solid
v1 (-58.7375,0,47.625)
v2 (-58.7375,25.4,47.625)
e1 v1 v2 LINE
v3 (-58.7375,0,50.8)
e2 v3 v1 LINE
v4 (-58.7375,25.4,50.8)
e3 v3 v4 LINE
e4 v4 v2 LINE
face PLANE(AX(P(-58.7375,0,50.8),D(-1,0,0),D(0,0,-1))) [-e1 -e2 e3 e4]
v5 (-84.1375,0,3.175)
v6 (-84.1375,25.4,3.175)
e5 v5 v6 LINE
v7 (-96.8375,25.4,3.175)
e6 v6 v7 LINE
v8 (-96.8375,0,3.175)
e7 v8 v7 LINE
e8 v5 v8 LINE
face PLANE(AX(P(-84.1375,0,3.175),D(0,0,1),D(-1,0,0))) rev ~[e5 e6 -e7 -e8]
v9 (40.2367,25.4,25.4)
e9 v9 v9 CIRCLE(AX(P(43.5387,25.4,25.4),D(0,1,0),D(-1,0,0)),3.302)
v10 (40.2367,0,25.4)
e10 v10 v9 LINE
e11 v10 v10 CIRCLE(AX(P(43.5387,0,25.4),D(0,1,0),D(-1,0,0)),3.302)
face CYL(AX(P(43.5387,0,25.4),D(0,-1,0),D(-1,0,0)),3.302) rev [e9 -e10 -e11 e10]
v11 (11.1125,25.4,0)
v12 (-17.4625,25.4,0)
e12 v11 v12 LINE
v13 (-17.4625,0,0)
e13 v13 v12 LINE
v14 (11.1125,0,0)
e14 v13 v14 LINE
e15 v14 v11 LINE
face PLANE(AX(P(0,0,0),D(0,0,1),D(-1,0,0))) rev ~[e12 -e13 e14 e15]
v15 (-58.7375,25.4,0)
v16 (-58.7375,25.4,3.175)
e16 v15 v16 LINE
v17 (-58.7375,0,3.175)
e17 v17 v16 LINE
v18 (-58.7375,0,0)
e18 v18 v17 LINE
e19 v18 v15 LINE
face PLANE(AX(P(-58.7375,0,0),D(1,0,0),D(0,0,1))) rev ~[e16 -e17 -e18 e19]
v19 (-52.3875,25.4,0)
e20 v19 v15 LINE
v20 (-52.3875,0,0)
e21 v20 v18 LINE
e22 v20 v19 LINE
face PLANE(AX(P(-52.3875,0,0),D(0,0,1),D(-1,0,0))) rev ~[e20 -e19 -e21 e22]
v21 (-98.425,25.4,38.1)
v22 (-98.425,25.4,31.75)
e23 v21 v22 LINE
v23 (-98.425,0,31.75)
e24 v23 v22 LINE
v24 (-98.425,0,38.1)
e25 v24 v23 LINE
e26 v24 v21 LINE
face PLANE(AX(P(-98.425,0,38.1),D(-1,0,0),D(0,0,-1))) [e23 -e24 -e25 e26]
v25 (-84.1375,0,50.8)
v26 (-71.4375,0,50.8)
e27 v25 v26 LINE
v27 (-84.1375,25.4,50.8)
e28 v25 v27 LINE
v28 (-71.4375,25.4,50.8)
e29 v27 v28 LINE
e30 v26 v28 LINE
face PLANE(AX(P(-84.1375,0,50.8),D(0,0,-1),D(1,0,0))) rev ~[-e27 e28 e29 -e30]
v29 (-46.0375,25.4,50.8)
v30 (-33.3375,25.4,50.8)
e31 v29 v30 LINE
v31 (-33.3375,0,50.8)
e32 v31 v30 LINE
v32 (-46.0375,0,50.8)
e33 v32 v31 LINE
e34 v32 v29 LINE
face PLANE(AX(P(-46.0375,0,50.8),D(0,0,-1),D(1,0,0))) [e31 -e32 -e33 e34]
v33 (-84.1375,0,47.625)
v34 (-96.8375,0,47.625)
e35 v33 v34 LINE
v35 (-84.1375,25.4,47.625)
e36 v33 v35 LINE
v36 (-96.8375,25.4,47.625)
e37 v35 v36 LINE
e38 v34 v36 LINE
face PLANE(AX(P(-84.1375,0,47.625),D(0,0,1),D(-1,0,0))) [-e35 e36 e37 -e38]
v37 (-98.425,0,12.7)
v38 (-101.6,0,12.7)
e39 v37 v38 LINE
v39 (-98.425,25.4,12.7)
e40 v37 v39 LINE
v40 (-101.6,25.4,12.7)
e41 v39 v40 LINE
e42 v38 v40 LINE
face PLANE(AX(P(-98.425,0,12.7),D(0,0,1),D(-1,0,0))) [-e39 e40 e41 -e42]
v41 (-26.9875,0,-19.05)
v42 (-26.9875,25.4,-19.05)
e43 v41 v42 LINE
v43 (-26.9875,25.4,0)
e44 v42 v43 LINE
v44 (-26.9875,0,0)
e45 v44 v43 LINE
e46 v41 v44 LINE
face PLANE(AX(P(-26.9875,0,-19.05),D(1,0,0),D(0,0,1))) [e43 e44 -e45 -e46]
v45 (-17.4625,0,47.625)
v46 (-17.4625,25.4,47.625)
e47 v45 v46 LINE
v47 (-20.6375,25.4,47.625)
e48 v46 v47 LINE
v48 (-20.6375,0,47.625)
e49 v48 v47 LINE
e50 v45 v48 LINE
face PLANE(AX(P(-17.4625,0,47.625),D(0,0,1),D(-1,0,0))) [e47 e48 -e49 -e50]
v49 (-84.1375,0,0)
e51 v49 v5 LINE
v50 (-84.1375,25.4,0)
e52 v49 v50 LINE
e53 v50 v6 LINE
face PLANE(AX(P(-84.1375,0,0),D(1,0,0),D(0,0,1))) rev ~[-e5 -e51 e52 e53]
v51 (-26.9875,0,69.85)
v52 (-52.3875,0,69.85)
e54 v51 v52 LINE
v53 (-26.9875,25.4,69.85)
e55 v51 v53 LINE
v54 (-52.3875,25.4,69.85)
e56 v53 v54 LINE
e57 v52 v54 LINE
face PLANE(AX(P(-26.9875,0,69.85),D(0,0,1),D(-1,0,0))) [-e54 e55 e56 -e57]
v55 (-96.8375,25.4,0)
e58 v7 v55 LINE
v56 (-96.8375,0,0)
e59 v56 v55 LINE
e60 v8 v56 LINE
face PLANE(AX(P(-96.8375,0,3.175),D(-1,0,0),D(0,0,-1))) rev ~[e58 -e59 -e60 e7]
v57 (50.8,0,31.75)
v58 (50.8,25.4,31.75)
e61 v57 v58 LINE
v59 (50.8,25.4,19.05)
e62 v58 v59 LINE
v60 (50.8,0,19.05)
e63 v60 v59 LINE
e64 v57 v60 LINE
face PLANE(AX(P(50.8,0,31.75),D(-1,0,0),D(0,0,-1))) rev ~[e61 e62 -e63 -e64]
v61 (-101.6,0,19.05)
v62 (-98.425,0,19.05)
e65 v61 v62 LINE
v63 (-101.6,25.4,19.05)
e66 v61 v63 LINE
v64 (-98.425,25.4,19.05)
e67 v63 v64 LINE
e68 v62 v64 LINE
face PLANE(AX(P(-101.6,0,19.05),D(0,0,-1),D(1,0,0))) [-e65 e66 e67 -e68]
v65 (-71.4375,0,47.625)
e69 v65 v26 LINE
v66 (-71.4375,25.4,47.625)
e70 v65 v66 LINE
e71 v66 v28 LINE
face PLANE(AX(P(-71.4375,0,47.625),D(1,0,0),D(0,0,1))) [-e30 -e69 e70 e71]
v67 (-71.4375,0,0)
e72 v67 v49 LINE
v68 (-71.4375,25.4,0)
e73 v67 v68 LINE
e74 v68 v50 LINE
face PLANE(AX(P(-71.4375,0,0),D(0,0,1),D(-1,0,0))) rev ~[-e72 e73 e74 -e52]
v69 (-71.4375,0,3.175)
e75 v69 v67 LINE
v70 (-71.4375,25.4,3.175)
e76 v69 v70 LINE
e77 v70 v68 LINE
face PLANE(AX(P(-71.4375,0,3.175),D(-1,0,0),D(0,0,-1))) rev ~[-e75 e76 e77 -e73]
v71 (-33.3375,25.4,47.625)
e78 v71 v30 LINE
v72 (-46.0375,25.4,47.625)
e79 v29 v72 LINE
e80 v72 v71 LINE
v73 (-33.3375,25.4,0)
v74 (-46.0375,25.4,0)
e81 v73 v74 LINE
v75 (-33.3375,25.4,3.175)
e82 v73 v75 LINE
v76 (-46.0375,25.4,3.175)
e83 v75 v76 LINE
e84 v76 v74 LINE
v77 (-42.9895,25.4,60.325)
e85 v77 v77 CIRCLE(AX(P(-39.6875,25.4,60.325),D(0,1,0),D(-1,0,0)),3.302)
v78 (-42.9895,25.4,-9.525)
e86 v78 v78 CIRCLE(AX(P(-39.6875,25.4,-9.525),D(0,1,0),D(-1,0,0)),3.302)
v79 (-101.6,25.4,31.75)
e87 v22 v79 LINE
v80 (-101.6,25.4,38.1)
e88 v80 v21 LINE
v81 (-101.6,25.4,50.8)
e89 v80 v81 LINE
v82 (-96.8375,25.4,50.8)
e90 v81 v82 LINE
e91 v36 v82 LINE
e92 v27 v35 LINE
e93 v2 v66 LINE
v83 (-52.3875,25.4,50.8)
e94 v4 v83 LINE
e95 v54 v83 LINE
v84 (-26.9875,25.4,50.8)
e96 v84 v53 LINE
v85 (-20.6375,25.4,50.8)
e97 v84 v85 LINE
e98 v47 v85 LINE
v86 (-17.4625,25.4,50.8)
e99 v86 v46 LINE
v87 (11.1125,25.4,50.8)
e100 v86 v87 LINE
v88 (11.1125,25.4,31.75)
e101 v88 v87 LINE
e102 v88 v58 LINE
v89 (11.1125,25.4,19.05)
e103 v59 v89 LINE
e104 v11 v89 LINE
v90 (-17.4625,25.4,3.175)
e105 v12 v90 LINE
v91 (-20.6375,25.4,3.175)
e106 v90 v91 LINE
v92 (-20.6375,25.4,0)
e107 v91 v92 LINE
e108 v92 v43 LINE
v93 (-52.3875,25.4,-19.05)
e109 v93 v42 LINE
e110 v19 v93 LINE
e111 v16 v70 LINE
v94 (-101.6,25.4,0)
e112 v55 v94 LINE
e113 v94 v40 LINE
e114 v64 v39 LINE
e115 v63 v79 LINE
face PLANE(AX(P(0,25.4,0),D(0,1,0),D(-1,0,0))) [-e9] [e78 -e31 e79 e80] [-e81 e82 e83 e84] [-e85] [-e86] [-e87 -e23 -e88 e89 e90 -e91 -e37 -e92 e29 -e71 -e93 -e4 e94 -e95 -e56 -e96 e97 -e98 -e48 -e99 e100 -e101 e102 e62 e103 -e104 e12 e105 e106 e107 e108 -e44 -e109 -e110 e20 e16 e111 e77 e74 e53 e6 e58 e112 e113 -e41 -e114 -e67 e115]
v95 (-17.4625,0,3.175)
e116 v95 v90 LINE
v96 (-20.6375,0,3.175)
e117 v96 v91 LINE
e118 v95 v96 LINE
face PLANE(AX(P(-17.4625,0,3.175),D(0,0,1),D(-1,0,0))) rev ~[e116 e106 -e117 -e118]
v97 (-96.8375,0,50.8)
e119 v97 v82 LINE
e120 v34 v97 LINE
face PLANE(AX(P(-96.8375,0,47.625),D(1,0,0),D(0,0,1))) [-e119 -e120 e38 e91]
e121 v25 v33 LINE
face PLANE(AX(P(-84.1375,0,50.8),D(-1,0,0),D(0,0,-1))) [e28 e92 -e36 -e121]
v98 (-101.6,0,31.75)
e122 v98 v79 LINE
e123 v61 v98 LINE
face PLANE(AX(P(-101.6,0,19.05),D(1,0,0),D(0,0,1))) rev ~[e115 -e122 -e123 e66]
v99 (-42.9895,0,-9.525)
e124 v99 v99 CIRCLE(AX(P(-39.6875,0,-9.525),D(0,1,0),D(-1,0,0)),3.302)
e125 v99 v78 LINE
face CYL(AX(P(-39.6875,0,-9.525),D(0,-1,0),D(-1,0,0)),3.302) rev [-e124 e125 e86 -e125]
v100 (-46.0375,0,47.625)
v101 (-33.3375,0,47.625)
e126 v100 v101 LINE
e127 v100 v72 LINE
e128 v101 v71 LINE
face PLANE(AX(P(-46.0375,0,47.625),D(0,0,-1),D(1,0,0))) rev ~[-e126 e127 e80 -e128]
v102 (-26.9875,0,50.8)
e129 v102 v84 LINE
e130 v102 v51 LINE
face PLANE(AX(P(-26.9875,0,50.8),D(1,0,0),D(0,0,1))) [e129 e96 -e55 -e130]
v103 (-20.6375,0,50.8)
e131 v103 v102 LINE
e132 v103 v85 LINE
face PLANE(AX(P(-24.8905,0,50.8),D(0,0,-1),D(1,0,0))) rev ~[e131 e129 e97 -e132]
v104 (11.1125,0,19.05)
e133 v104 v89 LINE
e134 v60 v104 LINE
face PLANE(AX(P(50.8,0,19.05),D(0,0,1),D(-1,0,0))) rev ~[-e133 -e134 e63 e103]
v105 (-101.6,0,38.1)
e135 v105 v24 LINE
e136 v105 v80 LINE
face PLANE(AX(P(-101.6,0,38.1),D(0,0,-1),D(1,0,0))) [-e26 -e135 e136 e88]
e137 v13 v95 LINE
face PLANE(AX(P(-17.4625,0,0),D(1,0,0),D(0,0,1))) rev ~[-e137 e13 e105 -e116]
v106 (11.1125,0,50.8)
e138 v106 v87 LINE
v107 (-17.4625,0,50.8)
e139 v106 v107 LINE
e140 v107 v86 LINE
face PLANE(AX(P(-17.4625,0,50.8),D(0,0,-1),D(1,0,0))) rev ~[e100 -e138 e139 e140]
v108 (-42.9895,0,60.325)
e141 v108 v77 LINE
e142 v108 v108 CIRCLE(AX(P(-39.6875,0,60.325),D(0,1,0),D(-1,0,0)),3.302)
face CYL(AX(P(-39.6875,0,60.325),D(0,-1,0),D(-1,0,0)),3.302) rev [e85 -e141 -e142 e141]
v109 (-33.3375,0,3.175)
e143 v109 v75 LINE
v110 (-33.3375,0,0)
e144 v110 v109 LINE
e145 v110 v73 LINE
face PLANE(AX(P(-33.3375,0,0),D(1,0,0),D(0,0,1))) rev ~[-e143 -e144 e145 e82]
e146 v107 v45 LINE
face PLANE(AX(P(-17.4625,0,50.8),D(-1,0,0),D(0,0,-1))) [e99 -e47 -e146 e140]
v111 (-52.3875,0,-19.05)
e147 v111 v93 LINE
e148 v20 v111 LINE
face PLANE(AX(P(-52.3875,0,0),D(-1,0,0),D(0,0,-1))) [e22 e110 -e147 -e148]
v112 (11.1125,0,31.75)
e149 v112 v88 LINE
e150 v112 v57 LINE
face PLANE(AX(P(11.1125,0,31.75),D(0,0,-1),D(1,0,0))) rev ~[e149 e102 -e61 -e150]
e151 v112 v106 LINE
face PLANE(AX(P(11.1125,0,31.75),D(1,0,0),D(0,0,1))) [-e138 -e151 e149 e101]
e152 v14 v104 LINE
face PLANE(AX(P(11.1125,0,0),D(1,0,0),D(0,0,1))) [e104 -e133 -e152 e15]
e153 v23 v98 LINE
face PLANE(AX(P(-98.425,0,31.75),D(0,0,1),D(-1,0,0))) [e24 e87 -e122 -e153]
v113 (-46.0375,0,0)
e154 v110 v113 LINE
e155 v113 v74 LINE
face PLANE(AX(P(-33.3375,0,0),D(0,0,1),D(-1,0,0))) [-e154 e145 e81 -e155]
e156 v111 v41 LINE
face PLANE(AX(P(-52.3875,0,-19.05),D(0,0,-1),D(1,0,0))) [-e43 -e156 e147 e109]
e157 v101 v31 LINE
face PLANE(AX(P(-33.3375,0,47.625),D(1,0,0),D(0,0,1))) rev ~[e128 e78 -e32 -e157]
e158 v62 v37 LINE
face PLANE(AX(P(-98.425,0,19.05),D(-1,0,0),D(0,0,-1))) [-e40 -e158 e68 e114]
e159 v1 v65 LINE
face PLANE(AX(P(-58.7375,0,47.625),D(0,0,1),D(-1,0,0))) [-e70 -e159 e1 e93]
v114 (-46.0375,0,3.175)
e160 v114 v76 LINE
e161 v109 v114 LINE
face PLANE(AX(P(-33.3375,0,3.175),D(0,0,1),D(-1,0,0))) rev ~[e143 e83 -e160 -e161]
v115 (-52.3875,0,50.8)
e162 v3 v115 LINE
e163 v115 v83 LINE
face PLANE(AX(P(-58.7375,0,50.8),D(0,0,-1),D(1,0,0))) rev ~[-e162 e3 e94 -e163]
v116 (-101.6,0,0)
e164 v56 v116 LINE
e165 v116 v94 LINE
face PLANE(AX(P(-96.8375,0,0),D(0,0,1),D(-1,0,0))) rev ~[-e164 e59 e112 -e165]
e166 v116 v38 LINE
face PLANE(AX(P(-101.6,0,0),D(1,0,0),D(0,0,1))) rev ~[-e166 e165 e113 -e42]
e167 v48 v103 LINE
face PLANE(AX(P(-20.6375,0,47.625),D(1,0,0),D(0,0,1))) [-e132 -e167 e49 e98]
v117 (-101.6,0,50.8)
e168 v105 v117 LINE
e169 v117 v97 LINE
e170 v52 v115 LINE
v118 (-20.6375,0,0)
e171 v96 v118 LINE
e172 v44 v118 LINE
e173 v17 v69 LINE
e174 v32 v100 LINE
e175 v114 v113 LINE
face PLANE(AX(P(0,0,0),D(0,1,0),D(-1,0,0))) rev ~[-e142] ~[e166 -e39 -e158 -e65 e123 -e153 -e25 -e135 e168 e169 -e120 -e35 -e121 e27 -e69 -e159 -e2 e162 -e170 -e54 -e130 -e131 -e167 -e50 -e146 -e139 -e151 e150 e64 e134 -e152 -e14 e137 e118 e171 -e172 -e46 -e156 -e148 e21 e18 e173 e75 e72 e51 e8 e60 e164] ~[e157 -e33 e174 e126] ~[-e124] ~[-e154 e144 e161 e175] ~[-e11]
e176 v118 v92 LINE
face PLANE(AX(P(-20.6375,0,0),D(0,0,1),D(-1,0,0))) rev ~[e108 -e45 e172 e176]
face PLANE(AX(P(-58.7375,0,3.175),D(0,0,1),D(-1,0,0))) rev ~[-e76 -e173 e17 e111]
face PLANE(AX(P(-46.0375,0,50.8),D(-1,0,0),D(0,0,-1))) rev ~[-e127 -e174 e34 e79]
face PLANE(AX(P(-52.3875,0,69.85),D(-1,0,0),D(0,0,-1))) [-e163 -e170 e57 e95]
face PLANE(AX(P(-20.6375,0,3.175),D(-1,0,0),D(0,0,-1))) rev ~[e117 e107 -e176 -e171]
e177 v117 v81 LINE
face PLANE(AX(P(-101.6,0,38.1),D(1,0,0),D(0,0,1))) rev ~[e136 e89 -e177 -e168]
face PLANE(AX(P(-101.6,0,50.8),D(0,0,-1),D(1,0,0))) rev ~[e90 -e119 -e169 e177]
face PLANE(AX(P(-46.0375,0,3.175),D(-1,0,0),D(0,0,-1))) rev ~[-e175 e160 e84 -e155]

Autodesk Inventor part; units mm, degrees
ref_plane "YZ Plane" through (0, 0, 0) normal (1, 0, 0) x (0, 1, 0)
ref_plane "XZ Plane" through (0, 0, 0) normal (0, 1, 0) x (-1, 0, 0)
ref_plane "XY Plane" through (0, 0, 0) normal (0, 0, 1) x (1, 0, 0)
sketch "Sketch1" plane through (0, 0, 0) normal (0, 1, 0) x (-1, 0, 0)
  line L0 (0, 0) -> (101.6, 0)
  line L1 (101.6, 0) -> (101.6, 50.8)
  line L2 (101.6, 50.8) -> (0, 50.8)
  line L3 (0, 50.8) -> (0, 0)
  line L4 (101.6, 0) -> (20.6375, 0)
  line L5 (20.6375, 50.8) -> (101.6, 50.8)
  line L6 (101.6, 50.8) -> (101.6, 0)
  line L7 (20.6375, 0) -> (0, 0)
  line L8 (0, 0) -> (0, 12.7)
  line L9 (0, 12.7) -> (20.6375, 12.7)
  line L10 (20.6375, 12.7) -> (20.6375, 0)
  line L11 (20.6375, 50.8) -> (0, 50.8)
  line L12 (0, 50.8) -> (0, 38.1)
  line L13 (0, 38.1) -> (20.6375, 38.1)
  line L14 (20.6375, 38.1) -> (20.6375, 50.8)
  line L15 (96.8375, 0) -> (84.1375, 0)
  line L16 (84.1375, 0) -> (84.1375, 3.175)
  line L17 (84.1375, 3.175) -> (96.8375, 3.175)
  line L18 (96.8375, 3.175) -> (96.8375, 0)
  line L19 (71.4375, 0) -> (58.7375, 0)
  line L20 (58.7375, 0) -> (58.7375, 3.175)
  line L21 (58.7375, 3.175) -> (71.4375, 3.175)
  line L22 (71.4375, 3.175) -> (71.4375, 0)
  line L23 (46.0375, 0) -> (33.3375, 0)
  line L24 (33.3375, 0) -> (33.3375, 3.175)
  line L25 (33.3375, 3.175) -> (46.0375, 3.175)
  line L26 (46.0375, 3.175) -> (46.0375, 0)
  line L27 (96.8375, 50.8) -> (84.1375, 50.8)
  line L28 (84.1375, 50.8) -> (84.1375, 47.625)
  line L29 (84.1375, 47.625) -> (96.8375, 47.625)
  line L30 (96.8375, 47.625) -> (96.8375, 50.8)
  line L31 (71.4375, 50.8) -> (58.7375, 50.8)
  line L32 (58.7375, 50.8) -> (58.7375, 47.625)
  line L33 (58.7375, 47.625) -> (71.4375, 47.625)
  line L34 (71.4375, 47.625) -> (71.4375, 50.8)
  line L35 (101.6, 38.1) -> (98.425, 38.1)
  line L36 (98.425, 38.1) -> (98.425, 31.75)
  line L37 (98.425, 31.75) -> (101.6, 31.75)
  line L38 (101.6, 31.75) -> (101.6, 38.1)
  line L39 (101.6, 19.05) -> (98.425, 19.05)
  line L40 (98.425, 19.05) -> (98.425, 12.7)
  line L41 (98.425, 12.7) -> (101.6, 12.7)
  line L42 (101.6, 12.7) -> (101.6, 19.05)
  line L43 (46.0375, 50.8) -> (46.0375, 47.625)
  line L44 (46.0375, 47.625) -> (33.3375, 47.625)
  line L45 (33.3375, 47.625) -> (33.3375, 50.8)
  line L46 (33.3375, 50.8) -> (46.0375, 50.8)
  line L47 (26.9875, 0) -> (52.3875, 0)
  line L48 (52.3875, 0) -> (52.3875, -19.05)
  line L49 (52.3875, -19.05) -> (26.9875, -19.05)
  line L50 (26.9875, -19.05) -> (26.9875, 0)
  line L51 (26.9875, 50.8) -> (26.9875, 69.85)
  line L52 (26.9875, 69.85) -> (52.3875, 69.85)
  line L53 (52.3875, 69.85) -> (52.3875, 50.8)
  line L54 (52.3875, 50.8) -> (26.9875, 50.8)
  circle A0 centre (39.6875, -9.525) radius 3.302
  circle A1 centre (39.6875, 60.325) radius 3.302
  line L55 (0, 19.05) -> (0, 31.75)
  line L56 (0, 31.75) -> (-50.8, 31.75)
  line L57 (-50.8, 31.75) -> (-50.8, 19.05)
  line L58 (-50.8, 19.05) -> (0, 19.05)
  circle A2 centre (-43.5387, 25.4) radius 3.302
  line L59 (26.9875, 50.8) -> (24.8905, 50.8)
  line L60 (26.9875, 0) -> (25.4, 0)
  line L61 (20.6375, 0) -> (17.4625, 0)
  line L62 (17.4625, 0) -> (17.4625, 3.175)
  line L63 (17.4625, 3.175) -> (20.6375, 3.175)
  line L64 (20.6375, 3.175) -> (20.6375, 0)
  line L65 (20.6375, 50.8) -> (17.4625, 50.8)
  line L66 (17.4625, 50.8) -> (17.4625, 47.625)
  line L67 (17.4625, 47.625) -> (20.6375, 47.625)
  line L68 (20.6375, 47.625) -> (20.6375, 50.8)
  line L69 (20.6375, 0) -> (-11.1125, 0)
  line L70 (-11.1125, 0) -> (-11.1125, 50.8)
  line L71 (-11.1125, 50.8) -> (20.6375, 50.8)
  line L72 (20.6375, 50.8) -> (20.6375, 0)
  point P0 (96.8375, 0)
  point P1 (96.8375, 50.8)
  point P2 (84.1375, 50.8)
  point P3 (71.4375, 50.8)
  point P4 (58.7375, 50.8)
  point P5 (46.0375, 50.8)
  point P6 (33.3375, 50.8)
  point P7 (33.3375, 0)
  point P8 (46.0375, 0)
  point P9 (58.7375, 0)
  point P10 (71.4375, 0)
  point P11 (84.1375, 0)
  point P12 (26.9875, 0)
  point P13 (52.3875, 0)
  point P14 (52.3875, 50.8)
  point P15 (26.9875, 50.8)
  point P16 (17.4625, 0)
  point P17 (0, 50.8)
  point P18 (-11.1125, 31.75)
  point P19 (-11.1125, 19.05)
  dimension "d56" = 101.6
  dimension "d57" = 50.8
  dimension "d59" = 50.8
  dimension "d60" = 12.7
  dimension "d61" = 12.7
  dimension "d62" = 12.7
  dimension "d63" = 3.175
  dimension "d64" = 12.7
  dimension "d65" = 3.175
  dimension "d66" = 12.7
  dimension "d67" = 4.7625
  dimension "d68" = 12.7
  dimension "d69" = 3.175
  dimension "d70" = 12.7
  dimension "d71" = 12.7
  dimension "d72" = 3.175
  dimension "d73" = 12.7
  dimension "d74" = 3.175
  dimension "d77" = 4.7625
  dimension "d78" = 12.7
  dimension "d79" = 3.175
  dimension "d80" = 6.35
  dimension "d81" = 12.7
  dimension "d82" = 3.175
  dimension "d83" = 6.35
  dimension "d84" = 12.7
  dimension "d86" = 44.45
  dimension "d89" = 3.175
  dimension "d90" = 12.7
  dimension "d91" = 12.7
  dimension "d94" = 25.4
  dimension "d99" = 25.4
  dimension "d116" = 6.604
  dimension "d117" = 9.525
  dimension "d118" = 6.604
  dimension "d119" = 9.525
  dimension "d122" = 9.525
  dimension "d123" = 9.525
  dimension "d128" = 12.7
  dimension "d129" = 50.8
  dimension "d130" = 6.604
  dimension "d131" = 6.35
  dimension "d132" = 12.7
  dimension "d134" = 12.7
  dimension "d141" = 25.4
  dimension "d144" = 6.35
  dimension "d145" = 6.35
  dimension "d147" = 3.175
  dimension "d148" = 3.175
  dimension "d149" = 3.175
  dimension "d150" = 3.175
  dimension "d151" = 12.7
  dimension "d152" = 12.7
  dimension "d155" = 31.75
extrude "Extrusion10" add sketch "Sketch1" along normal blind 25.4 contours L3 L9 L10 L63 L62 L0 | L69 L70 L58 L3 | L3 L13 L72 L9 | L10 L72 L14 L2 L45 L44 L43 L32 L33 L34 L28 L29 L30 L1 L35 L36 L37 L39 L40 L41 L0 L18 L17 L16 L22 L21 L20 L26 L25 L24 | L58 L70 L56 L3 | L58 L57 L56 L70 | L56 L70 L71 L3 | L13 L3 L2 L66 L67 L14 | L0 L48 L49 L50 | L51 L52 L53 L2
equation "\"BendRadius\" = Thickness"
equation "\"BendReliefWidth\" = Thickness"
equation "\"BendReliefDepth\" = 0.5 * Thickness"
equation "\"CornerReliefSize\" = 4 * Thickness"
equation "\"MinimumRemnant\" = 2 * Thickness"
equation "\"TransitionRadius\" = BendRadius"
equation "\"JacobiRadiusSize\" = BendRadius"
equation "\"GapSize\" = Thickness"
equation "\"Thickness\" = 3.048"
properties part number "v8_Burrow_Base_Detachable_EXT_LICK_SPOUT"
